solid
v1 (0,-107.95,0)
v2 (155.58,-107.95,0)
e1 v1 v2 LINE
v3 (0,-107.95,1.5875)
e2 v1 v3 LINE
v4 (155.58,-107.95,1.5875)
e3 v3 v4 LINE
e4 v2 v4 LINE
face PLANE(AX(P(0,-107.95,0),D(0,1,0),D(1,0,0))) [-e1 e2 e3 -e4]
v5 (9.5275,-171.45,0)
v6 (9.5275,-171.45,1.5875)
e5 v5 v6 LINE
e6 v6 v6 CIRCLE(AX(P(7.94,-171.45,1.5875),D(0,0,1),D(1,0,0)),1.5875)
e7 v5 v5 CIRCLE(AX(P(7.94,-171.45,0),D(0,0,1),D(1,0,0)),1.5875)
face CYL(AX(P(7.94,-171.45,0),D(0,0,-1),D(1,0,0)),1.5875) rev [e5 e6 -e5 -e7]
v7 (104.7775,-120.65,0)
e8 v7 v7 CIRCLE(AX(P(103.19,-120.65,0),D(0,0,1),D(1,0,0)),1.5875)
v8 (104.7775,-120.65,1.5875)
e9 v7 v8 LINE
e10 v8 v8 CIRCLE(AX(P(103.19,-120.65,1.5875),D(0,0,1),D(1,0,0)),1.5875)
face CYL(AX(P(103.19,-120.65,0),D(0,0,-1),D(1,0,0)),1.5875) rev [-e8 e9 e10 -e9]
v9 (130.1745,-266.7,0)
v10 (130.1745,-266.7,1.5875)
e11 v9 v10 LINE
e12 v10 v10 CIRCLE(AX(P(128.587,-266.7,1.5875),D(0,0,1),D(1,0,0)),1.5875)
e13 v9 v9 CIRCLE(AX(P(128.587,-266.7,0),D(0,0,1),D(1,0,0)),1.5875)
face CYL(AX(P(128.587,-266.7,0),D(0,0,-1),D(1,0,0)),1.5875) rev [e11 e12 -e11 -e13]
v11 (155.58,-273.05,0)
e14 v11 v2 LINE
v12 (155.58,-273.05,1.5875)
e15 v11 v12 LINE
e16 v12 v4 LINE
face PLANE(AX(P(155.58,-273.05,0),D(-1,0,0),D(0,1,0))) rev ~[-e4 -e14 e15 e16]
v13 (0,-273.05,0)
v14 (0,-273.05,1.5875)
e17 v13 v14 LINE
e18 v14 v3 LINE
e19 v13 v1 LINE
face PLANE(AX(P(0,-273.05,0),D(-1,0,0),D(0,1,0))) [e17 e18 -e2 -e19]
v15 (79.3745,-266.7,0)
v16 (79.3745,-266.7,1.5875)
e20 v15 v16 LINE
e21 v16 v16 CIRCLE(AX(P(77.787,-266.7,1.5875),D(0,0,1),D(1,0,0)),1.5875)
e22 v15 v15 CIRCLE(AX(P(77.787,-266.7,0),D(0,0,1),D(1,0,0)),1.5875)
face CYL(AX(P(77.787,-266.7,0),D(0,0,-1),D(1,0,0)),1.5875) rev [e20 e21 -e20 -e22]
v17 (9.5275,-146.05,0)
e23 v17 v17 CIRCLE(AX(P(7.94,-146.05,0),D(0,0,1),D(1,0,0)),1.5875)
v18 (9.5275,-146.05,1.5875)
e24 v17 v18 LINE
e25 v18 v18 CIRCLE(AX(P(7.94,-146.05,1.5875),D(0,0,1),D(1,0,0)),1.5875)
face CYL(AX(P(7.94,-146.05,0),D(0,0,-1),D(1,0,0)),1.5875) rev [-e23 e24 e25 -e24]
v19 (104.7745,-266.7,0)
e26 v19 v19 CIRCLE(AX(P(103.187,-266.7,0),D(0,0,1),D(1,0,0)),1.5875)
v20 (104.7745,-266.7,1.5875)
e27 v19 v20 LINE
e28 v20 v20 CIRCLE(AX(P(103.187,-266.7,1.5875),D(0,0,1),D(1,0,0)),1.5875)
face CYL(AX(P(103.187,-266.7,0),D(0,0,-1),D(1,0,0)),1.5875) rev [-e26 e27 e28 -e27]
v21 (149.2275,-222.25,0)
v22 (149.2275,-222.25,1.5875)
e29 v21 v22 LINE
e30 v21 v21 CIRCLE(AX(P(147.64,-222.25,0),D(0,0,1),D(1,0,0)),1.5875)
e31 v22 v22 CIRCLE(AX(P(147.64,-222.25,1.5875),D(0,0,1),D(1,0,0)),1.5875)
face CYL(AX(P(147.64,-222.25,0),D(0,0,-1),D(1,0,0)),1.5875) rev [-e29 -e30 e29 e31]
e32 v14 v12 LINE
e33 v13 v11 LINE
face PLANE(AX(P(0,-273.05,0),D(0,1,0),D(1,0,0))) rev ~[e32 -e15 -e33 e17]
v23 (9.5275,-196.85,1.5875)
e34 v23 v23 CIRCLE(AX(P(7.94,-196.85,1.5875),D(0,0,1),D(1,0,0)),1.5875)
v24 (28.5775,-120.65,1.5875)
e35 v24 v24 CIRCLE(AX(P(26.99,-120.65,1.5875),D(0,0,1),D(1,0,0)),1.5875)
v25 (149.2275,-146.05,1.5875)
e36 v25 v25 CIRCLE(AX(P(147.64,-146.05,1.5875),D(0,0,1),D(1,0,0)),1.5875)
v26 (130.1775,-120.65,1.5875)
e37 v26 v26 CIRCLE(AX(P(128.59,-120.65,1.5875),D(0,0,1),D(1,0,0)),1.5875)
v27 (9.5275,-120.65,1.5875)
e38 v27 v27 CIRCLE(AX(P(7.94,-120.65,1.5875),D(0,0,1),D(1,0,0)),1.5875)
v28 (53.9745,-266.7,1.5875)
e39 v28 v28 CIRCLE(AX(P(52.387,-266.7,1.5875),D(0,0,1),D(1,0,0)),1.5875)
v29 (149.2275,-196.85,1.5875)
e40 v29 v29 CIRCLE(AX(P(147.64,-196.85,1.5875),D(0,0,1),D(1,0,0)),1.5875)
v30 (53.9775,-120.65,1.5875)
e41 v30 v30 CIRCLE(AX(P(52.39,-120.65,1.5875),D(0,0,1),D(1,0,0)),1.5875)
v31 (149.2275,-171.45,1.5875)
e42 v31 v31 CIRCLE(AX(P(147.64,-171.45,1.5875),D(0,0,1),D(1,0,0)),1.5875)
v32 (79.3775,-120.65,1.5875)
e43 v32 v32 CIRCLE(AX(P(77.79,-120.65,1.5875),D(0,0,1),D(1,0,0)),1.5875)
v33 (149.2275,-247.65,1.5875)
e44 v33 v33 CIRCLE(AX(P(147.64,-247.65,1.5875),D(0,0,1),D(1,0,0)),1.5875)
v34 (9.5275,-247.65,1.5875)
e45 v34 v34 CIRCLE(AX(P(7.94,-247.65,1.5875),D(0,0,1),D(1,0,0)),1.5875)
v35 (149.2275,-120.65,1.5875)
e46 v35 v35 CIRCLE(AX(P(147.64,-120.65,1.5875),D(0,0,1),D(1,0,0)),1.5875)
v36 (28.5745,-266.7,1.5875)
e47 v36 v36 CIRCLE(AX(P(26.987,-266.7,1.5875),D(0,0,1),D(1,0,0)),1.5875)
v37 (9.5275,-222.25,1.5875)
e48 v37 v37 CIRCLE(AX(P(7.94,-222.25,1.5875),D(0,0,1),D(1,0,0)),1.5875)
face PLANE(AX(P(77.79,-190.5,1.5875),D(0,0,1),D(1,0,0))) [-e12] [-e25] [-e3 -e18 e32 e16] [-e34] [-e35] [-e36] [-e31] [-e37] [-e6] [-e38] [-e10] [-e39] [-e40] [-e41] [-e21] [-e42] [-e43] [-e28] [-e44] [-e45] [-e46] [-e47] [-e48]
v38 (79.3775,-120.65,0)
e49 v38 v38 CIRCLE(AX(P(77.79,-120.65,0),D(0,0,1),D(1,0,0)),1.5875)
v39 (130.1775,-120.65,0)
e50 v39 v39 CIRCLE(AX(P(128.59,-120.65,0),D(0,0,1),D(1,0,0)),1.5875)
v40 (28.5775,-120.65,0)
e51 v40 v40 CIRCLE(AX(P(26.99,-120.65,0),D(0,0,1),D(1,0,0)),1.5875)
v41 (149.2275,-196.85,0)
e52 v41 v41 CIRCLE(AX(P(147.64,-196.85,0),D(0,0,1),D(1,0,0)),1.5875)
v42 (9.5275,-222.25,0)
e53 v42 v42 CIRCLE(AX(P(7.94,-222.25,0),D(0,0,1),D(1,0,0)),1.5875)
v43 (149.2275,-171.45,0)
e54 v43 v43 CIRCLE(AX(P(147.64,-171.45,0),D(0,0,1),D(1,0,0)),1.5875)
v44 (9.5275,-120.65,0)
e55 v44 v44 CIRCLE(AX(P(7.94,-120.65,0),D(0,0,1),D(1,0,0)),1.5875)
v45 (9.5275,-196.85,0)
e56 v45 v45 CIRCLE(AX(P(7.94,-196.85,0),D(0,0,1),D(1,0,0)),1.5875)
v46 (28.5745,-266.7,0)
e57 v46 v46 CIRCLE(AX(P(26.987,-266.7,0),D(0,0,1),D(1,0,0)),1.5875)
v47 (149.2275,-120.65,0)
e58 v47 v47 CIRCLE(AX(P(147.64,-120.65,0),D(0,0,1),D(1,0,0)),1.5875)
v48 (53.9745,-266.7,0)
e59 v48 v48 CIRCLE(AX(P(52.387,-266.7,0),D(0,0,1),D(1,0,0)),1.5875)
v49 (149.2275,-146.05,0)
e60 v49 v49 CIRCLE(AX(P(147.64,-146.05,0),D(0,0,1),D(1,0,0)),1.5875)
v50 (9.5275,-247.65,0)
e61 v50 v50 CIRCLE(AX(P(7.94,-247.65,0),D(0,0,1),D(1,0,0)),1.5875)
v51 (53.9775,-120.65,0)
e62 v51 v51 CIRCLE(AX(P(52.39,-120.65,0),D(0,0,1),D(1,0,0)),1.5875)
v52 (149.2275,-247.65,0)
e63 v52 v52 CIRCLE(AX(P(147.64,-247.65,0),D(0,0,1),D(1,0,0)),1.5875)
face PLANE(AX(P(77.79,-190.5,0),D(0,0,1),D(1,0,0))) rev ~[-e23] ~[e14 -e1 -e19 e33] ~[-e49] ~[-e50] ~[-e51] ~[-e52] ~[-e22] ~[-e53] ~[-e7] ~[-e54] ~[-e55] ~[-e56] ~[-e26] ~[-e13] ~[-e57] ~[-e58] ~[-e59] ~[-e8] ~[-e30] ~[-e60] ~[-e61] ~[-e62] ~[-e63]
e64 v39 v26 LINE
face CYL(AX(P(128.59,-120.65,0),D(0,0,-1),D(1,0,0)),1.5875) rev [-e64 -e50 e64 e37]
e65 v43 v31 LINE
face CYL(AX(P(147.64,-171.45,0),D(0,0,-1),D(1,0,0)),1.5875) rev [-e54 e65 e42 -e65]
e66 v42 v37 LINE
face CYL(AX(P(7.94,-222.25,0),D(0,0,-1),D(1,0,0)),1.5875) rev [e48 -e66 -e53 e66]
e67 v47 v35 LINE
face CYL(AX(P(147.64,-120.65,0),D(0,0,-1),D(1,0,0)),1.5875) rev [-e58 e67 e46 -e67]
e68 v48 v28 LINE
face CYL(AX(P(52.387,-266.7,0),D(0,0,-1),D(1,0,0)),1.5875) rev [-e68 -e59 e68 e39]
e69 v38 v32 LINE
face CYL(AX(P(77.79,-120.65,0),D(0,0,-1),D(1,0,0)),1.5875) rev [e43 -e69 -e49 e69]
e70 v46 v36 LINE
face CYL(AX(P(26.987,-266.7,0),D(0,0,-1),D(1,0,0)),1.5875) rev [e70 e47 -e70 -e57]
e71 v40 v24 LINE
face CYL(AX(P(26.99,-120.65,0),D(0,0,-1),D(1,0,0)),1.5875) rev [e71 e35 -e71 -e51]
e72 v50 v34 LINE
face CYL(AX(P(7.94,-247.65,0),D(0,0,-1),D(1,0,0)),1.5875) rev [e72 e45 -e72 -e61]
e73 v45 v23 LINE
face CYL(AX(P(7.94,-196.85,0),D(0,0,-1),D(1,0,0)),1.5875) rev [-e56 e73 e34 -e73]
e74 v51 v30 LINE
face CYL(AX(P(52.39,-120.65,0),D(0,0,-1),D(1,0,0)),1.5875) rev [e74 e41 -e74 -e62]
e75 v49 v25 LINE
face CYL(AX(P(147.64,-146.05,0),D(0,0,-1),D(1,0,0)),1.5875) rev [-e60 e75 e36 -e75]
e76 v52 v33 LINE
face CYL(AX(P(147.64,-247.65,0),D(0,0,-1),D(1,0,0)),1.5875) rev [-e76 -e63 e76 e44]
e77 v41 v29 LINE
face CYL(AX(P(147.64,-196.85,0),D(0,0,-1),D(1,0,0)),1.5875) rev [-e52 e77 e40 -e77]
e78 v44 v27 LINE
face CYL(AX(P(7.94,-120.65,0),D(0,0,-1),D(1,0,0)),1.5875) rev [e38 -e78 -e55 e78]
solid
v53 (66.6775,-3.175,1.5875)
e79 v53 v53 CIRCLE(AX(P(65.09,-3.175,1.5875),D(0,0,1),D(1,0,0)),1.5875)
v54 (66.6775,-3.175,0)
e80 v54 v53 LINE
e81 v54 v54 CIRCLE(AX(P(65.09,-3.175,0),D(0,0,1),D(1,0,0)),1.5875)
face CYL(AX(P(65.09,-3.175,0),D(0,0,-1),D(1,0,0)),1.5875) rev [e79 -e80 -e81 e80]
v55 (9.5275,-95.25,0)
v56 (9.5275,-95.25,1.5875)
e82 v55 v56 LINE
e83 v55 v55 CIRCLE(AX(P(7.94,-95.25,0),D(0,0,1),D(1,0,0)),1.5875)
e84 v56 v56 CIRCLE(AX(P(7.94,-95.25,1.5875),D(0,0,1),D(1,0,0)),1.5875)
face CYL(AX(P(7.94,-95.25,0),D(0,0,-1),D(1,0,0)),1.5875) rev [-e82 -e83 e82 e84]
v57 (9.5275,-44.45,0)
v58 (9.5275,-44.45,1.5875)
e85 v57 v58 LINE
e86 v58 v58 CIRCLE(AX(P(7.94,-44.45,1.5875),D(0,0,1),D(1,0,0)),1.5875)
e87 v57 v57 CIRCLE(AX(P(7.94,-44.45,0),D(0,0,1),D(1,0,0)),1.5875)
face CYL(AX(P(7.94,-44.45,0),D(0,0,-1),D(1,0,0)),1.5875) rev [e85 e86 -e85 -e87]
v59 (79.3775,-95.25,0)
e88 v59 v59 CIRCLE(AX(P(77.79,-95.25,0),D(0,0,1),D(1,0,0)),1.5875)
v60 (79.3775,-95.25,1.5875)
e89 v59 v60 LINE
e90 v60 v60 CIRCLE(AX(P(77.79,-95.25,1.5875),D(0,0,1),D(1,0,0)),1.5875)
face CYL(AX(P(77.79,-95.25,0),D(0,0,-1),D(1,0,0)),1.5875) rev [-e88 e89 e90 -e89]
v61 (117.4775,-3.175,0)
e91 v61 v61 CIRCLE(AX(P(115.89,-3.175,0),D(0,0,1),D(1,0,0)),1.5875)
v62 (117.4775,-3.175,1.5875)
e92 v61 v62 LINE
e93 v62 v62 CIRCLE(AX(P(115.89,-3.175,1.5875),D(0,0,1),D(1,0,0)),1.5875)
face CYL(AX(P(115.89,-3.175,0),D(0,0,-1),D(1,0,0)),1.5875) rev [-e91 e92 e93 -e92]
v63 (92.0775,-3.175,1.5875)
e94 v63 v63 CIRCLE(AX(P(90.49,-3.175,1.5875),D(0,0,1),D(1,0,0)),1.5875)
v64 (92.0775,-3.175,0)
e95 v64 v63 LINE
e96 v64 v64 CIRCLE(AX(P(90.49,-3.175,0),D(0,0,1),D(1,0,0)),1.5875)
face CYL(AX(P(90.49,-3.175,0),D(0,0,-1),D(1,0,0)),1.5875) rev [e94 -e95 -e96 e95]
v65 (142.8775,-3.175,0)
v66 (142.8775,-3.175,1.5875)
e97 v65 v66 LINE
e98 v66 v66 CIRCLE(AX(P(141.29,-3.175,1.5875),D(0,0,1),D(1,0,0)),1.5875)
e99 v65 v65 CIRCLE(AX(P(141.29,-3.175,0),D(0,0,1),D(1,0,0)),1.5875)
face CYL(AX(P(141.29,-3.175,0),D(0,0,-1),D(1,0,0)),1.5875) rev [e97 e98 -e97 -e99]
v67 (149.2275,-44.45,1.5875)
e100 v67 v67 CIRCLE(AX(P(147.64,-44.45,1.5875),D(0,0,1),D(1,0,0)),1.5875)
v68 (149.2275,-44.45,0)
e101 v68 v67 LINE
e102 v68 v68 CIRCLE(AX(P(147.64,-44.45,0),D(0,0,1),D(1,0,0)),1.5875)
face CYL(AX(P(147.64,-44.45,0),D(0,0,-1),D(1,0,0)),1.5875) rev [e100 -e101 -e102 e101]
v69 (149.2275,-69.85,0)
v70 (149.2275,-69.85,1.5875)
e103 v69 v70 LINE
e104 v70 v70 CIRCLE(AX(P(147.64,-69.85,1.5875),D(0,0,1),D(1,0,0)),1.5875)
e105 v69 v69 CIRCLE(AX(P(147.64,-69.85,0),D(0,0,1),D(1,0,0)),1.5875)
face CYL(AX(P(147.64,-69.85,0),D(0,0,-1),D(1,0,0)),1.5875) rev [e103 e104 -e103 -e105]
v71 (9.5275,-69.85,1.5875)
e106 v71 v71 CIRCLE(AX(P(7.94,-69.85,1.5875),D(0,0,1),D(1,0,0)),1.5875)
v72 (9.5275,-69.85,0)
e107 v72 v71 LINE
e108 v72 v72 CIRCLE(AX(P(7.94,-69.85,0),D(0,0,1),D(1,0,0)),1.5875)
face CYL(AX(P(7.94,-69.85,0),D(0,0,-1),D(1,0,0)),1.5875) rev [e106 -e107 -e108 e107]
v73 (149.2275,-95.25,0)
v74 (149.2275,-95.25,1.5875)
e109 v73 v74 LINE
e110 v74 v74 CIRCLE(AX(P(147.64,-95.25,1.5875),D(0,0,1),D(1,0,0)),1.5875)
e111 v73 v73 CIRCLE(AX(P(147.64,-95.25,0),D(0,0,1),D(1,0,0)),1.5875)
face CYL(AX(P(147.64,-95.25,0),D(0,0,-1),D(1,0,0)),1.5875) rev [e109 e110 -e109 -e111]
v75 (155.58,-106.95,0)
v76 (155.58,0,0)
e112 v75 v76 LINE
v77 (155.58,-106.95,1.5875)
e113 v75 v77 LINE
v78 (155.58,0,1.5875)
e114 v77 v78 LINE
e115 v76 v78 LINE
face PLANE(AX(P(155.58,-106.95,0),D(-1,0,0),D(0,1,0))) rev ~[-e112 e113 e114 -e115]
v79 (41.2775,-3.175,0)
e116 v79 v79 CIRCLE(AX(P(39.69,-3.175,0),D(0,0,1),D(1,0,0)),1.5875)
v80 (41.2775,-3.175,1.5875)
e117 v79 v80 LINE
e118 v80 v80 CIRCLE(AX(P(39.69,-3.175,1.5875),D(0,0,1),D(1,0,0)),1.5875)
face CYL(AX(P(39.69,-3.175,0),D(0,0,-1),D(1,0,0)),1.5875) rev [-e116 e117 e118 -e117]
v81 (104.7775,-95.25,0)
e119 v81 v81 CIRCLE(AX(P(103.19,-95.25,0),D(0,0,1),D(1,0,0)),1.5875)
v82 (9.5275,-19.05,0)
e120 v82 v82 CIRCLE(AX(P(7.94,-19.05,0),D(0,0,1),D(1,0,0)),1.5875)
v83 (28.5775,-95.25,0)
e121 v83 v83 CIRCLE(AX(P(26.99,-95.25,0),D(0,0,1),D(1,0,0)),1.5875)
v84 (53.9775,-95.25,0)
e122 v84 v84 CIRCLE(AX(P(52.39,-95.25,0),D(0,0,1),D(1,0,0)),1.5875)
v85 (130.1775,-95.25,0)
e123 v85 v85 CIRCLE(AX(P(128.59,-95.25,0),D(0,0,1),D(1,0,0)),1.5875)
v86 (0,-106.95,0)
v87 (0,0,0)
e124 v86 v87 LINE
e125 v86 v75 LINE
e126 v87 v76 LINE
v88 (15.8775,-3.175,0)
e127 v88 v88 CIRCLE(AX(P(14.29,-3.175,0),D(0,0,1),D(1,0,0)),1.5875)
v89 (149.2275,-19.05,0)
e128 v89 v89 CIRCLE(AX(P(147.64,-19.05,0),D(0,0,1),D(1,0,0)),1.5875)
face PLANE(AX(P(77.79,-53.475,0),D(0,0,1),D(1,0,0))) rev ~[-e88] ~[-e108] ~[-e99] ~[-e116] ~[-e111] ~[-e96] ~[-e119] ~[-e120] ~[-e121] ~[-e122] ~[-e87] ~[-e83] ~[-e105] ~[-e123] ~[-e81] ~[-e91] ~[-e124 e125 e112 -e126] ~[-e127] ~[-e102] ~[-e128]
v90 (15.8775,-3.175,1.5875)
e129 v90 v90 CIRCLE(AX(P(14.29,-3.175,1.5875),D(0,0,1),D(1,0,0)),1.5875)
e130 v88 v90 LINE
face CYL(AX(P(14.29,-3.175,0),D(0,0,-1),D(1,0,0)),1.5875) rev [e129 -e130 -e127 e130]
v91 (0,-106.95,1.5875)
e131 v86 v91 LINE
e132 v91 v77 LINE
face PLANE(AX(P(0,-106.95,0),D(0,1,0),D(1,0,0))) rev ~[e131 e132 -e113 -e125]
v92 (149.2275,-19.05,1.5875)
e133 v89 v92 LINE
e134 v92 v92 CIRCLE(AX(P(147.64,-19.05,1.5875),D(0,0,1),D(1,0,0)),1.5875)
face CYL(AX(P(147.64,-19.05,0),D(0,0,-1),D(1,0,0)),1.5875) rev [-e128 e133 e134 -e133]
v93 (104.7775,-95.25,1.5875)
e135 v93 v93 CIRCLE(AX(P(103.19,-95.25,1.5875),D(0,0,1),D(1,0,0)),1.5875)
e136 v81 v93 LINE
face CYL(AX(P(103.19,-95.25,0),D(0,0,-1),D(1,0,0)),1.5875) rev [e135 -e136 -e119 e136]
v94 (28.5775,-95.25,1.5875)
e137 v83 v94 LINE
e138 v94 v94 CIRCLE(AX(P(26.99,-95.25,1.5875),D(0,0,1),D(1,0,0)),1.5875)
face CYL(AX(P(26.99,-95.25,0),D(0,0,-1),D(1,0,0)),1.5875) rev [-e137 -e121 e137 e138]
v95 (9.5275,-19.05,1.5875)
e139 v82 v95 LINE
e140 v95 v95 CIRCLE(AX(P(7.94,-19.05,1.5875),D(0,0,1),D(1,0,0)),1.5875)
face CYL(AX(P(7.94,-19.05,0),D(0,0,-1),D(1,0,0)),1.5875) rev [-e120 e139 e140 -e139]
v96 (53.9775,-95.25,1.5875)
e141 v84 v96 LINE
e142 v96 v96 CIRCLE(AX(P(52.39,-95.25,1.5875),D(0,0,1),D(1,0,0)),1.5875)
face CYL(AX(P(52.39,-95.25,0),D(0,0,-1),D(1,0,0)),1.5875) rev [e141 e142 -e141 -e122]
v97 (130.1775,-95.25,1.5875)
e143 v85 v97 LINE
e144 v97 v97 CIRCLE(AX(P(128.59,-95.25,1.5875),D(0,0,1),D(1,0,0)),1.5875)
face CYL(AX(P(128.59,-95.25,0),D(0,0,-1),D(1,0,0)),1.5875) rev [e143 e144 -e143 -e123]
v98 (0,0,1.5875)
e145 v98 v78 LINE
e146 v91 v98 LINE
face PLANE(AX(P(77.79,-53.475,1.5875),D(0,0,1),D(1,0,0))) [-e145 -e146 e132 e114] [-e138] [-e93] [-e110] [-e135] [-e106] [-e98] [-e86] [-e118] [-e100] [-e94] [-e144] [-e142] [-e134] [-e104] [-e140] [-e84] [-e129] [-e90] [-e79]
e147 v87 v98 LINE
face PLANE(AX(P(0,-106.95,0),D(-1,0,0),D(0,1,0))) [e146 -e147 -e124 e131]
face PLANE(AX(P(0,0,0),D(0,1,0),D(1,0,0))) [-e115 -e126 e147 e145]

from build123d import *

# Parameters (mm, degrees)
SKETCH1_W             = 155.58
SKETCH1_H             = 106.95
SKETCH1_R             = 1.5875
BOSS_EXTRUDE1_DEPTH   = 1.5875
SKETCH1_H_2           = 165.1
BOSS_EXTRUDE1_2_DEPTH = 1.5875


with BuildPart() as part:
    # Sketch1 → Boss-Extrude1 (new body)
    with BuildSketch(Plane.XY):
        with Locations((77.79, -53.475)):
            Rectangle(SKETCH1_W, SKETCH1_H)
        with Locations((7.94, -95.25)):
            Circle(SKETCH1_R, mode=Mode.SUBTRACT)
        with Locations((7.94, -69.85)):
            Circle(SKETCH1_R, mode=Mode.SUBTRACT)
        with Locations((26.99, -95.25)):
            Circle(SKETCH1_R, mode=Mode.SUBTRACT)
        with Locations((52.39, -95.25)):
            Circle(SKETCH1_R, mode=Mode.SUBTRACT)
        with Locations((77.79, -95.25)):
            Circle(SKETCH1_R, mode=Mode.SUBTRACT)
        with Locations((7.94, -44.45)):
            Circle(SKETCH1_R, mode=Mode.SUBTRACT)
        with Locations((7.94, -19.05)):
            Circle(SKETCH1_R, mode=Mode.SUBTRACT)
        with Locations((14.29, -3.175)):
            Circle(SKETCH1_R, mode=Mode.SUBTRACT)
        with Locations((39.69, -3.175)):
            Circle(SKETCH1_R, mode=Mode.SUBTRACT)
        with Locations((65.09, -3.175)):
            Circle(SKETCH1_R, mode=Mode.SUBTRACT)
        with Locations((103.19, -95.25)):
            Circle(SKETCH1_R, mode=Mode.SUBTRACT)
        with Locations((128.59, -95.25)):
            Circle(SKETCH1_R, mode=Mode.SUBTRACT)
        with Locations((147.64, -95.25)):
            Circle(SKETCH1_R, mode=Mode.SUBTRACT)
        with Locations((147.64, -69.85)):
            Circle(SKETCH1_R, mode=Mode.SUBTRACT)
        with Locations((90.49, -3.175)):
            Circle(SKETCH1_R, mode=Mode.SUBTRACT)
        with Locations((115.89, -3.175)):
            Circle(SKETCH1_R, mode=Mode.SUBTRACT)
        with Locations((147.64, -44.45)):
            Circle(SKETCH1_R, mode=Mode.SUBTRACT)
        with Locations((147.64, -19.05)):
            Circle(SKETCH1_R, mode=Mode.SUBTRACT)
        with Locations((141.29, -3.175)):
            Circle(SKETCH1_R, mode=Mode.SUBTRACT)
    extrude(amount=BOSS_EXTRUDE1_DEPTH)


with BuildPart() as body_2:
    # Sketch1 → Boss-Extrude1 2 (new body)
    with BuildSketch(Plane.XY):
        with Locations((77.79, -190.5)):
            Rectangle(SKETCH1_W, SKETCH1_H_2)
        with Locations((7.94, -247.65)):
            Circle(SKETCH1_R, mode=Mode.SUBTRACT)
        with Locations((26.987, -266.7)):
            Circle(SKETCH1_R, mode=Mode.SUBTRACT)
        with Locations((7.94, -222.25)):
            Circle(SKETCH1_R, mode=Mode.SUBTRACT)
        with Locations((52.387, -266.7)):
            Circle(SKETCH1_R, mode=Mode.SUBTRACT)
        with Locations((77.787, -266.7)):
            Circle(SKETCH1_R, mode=Mode.SUBTRACT)
        with Locations((7.94, -196.85)):
            Circle(SKETCH1_R, mode=Mode.SUBTRACT)
        with Locations((7.94, -171.45)):
            Circle(SKETCH1_R, mode=Mode.SUBTRACT)
        with Locations((7.94, -146.05)):
            Circle(SKETCH1_R, mode=Mode.SUBTRACT)
        with Locations((103.187, -266.7)):
            Circle(SKETCH1_R, mode=Mode.SUBTRACT)
        with Locations((128.587, -266.7)):
            Circle(SKETCH1_R, mode=Mode.SUBTRACT)
        with Locations((147.64, -247.65)):
            Circle(SKETCH1_R, mode=Mode.SUBTRACT)
        with Locations((147.64, -222.25)):
            Circle(SKETCH1_R, mode=Mode.SUBTRACT)
        with Locations((147.64, -196.85)):
            Circle(SKETCH1_R, mode=Mode.SUBTRACT)
        with Locations((147.64, -171.45)):
            Circle(SKETCH1_R, mode=Mode.SUBTRACT)
        with Locations((147.64, -146.05)):
            Circle(SKETCH1_R, mode=Mode.SUBTRACT)
        with Locations((7.94, -120.65)):
            Circle(SKETCH1_R, mode=Mode.SUBTRACT)
        with Locations((26.99, -120.65)):
            Circle(SKETCH1_R, mode=Mode.SUBTRACT)
        with Locations((52.39, -120.65)):
            Circle(SKETCH1_R, mode=Mode.SUBTRACT)
        with Locations((77.79, -120.65)):
            Circle(SKETCH1_R, mode=Mode.SUBTRACT)
        with Locations((103.19, -120.65)):
            Circle(SKETCH1_R, mode=Mode.SUBTRACT)
        with Locations((128.59, -120.65)):
            Circle(SKETCH1_R, mode=Mode.SUBTRACT)
        with Locations((147.64, -120.65)):
            Circle(SKETCH1_R, mode=Mode.SUBTRACT)
    extrude(amount=BOSS_EXTRUDE1_2_DEPTH)


solid = Compound([part.part, body_2.part])
